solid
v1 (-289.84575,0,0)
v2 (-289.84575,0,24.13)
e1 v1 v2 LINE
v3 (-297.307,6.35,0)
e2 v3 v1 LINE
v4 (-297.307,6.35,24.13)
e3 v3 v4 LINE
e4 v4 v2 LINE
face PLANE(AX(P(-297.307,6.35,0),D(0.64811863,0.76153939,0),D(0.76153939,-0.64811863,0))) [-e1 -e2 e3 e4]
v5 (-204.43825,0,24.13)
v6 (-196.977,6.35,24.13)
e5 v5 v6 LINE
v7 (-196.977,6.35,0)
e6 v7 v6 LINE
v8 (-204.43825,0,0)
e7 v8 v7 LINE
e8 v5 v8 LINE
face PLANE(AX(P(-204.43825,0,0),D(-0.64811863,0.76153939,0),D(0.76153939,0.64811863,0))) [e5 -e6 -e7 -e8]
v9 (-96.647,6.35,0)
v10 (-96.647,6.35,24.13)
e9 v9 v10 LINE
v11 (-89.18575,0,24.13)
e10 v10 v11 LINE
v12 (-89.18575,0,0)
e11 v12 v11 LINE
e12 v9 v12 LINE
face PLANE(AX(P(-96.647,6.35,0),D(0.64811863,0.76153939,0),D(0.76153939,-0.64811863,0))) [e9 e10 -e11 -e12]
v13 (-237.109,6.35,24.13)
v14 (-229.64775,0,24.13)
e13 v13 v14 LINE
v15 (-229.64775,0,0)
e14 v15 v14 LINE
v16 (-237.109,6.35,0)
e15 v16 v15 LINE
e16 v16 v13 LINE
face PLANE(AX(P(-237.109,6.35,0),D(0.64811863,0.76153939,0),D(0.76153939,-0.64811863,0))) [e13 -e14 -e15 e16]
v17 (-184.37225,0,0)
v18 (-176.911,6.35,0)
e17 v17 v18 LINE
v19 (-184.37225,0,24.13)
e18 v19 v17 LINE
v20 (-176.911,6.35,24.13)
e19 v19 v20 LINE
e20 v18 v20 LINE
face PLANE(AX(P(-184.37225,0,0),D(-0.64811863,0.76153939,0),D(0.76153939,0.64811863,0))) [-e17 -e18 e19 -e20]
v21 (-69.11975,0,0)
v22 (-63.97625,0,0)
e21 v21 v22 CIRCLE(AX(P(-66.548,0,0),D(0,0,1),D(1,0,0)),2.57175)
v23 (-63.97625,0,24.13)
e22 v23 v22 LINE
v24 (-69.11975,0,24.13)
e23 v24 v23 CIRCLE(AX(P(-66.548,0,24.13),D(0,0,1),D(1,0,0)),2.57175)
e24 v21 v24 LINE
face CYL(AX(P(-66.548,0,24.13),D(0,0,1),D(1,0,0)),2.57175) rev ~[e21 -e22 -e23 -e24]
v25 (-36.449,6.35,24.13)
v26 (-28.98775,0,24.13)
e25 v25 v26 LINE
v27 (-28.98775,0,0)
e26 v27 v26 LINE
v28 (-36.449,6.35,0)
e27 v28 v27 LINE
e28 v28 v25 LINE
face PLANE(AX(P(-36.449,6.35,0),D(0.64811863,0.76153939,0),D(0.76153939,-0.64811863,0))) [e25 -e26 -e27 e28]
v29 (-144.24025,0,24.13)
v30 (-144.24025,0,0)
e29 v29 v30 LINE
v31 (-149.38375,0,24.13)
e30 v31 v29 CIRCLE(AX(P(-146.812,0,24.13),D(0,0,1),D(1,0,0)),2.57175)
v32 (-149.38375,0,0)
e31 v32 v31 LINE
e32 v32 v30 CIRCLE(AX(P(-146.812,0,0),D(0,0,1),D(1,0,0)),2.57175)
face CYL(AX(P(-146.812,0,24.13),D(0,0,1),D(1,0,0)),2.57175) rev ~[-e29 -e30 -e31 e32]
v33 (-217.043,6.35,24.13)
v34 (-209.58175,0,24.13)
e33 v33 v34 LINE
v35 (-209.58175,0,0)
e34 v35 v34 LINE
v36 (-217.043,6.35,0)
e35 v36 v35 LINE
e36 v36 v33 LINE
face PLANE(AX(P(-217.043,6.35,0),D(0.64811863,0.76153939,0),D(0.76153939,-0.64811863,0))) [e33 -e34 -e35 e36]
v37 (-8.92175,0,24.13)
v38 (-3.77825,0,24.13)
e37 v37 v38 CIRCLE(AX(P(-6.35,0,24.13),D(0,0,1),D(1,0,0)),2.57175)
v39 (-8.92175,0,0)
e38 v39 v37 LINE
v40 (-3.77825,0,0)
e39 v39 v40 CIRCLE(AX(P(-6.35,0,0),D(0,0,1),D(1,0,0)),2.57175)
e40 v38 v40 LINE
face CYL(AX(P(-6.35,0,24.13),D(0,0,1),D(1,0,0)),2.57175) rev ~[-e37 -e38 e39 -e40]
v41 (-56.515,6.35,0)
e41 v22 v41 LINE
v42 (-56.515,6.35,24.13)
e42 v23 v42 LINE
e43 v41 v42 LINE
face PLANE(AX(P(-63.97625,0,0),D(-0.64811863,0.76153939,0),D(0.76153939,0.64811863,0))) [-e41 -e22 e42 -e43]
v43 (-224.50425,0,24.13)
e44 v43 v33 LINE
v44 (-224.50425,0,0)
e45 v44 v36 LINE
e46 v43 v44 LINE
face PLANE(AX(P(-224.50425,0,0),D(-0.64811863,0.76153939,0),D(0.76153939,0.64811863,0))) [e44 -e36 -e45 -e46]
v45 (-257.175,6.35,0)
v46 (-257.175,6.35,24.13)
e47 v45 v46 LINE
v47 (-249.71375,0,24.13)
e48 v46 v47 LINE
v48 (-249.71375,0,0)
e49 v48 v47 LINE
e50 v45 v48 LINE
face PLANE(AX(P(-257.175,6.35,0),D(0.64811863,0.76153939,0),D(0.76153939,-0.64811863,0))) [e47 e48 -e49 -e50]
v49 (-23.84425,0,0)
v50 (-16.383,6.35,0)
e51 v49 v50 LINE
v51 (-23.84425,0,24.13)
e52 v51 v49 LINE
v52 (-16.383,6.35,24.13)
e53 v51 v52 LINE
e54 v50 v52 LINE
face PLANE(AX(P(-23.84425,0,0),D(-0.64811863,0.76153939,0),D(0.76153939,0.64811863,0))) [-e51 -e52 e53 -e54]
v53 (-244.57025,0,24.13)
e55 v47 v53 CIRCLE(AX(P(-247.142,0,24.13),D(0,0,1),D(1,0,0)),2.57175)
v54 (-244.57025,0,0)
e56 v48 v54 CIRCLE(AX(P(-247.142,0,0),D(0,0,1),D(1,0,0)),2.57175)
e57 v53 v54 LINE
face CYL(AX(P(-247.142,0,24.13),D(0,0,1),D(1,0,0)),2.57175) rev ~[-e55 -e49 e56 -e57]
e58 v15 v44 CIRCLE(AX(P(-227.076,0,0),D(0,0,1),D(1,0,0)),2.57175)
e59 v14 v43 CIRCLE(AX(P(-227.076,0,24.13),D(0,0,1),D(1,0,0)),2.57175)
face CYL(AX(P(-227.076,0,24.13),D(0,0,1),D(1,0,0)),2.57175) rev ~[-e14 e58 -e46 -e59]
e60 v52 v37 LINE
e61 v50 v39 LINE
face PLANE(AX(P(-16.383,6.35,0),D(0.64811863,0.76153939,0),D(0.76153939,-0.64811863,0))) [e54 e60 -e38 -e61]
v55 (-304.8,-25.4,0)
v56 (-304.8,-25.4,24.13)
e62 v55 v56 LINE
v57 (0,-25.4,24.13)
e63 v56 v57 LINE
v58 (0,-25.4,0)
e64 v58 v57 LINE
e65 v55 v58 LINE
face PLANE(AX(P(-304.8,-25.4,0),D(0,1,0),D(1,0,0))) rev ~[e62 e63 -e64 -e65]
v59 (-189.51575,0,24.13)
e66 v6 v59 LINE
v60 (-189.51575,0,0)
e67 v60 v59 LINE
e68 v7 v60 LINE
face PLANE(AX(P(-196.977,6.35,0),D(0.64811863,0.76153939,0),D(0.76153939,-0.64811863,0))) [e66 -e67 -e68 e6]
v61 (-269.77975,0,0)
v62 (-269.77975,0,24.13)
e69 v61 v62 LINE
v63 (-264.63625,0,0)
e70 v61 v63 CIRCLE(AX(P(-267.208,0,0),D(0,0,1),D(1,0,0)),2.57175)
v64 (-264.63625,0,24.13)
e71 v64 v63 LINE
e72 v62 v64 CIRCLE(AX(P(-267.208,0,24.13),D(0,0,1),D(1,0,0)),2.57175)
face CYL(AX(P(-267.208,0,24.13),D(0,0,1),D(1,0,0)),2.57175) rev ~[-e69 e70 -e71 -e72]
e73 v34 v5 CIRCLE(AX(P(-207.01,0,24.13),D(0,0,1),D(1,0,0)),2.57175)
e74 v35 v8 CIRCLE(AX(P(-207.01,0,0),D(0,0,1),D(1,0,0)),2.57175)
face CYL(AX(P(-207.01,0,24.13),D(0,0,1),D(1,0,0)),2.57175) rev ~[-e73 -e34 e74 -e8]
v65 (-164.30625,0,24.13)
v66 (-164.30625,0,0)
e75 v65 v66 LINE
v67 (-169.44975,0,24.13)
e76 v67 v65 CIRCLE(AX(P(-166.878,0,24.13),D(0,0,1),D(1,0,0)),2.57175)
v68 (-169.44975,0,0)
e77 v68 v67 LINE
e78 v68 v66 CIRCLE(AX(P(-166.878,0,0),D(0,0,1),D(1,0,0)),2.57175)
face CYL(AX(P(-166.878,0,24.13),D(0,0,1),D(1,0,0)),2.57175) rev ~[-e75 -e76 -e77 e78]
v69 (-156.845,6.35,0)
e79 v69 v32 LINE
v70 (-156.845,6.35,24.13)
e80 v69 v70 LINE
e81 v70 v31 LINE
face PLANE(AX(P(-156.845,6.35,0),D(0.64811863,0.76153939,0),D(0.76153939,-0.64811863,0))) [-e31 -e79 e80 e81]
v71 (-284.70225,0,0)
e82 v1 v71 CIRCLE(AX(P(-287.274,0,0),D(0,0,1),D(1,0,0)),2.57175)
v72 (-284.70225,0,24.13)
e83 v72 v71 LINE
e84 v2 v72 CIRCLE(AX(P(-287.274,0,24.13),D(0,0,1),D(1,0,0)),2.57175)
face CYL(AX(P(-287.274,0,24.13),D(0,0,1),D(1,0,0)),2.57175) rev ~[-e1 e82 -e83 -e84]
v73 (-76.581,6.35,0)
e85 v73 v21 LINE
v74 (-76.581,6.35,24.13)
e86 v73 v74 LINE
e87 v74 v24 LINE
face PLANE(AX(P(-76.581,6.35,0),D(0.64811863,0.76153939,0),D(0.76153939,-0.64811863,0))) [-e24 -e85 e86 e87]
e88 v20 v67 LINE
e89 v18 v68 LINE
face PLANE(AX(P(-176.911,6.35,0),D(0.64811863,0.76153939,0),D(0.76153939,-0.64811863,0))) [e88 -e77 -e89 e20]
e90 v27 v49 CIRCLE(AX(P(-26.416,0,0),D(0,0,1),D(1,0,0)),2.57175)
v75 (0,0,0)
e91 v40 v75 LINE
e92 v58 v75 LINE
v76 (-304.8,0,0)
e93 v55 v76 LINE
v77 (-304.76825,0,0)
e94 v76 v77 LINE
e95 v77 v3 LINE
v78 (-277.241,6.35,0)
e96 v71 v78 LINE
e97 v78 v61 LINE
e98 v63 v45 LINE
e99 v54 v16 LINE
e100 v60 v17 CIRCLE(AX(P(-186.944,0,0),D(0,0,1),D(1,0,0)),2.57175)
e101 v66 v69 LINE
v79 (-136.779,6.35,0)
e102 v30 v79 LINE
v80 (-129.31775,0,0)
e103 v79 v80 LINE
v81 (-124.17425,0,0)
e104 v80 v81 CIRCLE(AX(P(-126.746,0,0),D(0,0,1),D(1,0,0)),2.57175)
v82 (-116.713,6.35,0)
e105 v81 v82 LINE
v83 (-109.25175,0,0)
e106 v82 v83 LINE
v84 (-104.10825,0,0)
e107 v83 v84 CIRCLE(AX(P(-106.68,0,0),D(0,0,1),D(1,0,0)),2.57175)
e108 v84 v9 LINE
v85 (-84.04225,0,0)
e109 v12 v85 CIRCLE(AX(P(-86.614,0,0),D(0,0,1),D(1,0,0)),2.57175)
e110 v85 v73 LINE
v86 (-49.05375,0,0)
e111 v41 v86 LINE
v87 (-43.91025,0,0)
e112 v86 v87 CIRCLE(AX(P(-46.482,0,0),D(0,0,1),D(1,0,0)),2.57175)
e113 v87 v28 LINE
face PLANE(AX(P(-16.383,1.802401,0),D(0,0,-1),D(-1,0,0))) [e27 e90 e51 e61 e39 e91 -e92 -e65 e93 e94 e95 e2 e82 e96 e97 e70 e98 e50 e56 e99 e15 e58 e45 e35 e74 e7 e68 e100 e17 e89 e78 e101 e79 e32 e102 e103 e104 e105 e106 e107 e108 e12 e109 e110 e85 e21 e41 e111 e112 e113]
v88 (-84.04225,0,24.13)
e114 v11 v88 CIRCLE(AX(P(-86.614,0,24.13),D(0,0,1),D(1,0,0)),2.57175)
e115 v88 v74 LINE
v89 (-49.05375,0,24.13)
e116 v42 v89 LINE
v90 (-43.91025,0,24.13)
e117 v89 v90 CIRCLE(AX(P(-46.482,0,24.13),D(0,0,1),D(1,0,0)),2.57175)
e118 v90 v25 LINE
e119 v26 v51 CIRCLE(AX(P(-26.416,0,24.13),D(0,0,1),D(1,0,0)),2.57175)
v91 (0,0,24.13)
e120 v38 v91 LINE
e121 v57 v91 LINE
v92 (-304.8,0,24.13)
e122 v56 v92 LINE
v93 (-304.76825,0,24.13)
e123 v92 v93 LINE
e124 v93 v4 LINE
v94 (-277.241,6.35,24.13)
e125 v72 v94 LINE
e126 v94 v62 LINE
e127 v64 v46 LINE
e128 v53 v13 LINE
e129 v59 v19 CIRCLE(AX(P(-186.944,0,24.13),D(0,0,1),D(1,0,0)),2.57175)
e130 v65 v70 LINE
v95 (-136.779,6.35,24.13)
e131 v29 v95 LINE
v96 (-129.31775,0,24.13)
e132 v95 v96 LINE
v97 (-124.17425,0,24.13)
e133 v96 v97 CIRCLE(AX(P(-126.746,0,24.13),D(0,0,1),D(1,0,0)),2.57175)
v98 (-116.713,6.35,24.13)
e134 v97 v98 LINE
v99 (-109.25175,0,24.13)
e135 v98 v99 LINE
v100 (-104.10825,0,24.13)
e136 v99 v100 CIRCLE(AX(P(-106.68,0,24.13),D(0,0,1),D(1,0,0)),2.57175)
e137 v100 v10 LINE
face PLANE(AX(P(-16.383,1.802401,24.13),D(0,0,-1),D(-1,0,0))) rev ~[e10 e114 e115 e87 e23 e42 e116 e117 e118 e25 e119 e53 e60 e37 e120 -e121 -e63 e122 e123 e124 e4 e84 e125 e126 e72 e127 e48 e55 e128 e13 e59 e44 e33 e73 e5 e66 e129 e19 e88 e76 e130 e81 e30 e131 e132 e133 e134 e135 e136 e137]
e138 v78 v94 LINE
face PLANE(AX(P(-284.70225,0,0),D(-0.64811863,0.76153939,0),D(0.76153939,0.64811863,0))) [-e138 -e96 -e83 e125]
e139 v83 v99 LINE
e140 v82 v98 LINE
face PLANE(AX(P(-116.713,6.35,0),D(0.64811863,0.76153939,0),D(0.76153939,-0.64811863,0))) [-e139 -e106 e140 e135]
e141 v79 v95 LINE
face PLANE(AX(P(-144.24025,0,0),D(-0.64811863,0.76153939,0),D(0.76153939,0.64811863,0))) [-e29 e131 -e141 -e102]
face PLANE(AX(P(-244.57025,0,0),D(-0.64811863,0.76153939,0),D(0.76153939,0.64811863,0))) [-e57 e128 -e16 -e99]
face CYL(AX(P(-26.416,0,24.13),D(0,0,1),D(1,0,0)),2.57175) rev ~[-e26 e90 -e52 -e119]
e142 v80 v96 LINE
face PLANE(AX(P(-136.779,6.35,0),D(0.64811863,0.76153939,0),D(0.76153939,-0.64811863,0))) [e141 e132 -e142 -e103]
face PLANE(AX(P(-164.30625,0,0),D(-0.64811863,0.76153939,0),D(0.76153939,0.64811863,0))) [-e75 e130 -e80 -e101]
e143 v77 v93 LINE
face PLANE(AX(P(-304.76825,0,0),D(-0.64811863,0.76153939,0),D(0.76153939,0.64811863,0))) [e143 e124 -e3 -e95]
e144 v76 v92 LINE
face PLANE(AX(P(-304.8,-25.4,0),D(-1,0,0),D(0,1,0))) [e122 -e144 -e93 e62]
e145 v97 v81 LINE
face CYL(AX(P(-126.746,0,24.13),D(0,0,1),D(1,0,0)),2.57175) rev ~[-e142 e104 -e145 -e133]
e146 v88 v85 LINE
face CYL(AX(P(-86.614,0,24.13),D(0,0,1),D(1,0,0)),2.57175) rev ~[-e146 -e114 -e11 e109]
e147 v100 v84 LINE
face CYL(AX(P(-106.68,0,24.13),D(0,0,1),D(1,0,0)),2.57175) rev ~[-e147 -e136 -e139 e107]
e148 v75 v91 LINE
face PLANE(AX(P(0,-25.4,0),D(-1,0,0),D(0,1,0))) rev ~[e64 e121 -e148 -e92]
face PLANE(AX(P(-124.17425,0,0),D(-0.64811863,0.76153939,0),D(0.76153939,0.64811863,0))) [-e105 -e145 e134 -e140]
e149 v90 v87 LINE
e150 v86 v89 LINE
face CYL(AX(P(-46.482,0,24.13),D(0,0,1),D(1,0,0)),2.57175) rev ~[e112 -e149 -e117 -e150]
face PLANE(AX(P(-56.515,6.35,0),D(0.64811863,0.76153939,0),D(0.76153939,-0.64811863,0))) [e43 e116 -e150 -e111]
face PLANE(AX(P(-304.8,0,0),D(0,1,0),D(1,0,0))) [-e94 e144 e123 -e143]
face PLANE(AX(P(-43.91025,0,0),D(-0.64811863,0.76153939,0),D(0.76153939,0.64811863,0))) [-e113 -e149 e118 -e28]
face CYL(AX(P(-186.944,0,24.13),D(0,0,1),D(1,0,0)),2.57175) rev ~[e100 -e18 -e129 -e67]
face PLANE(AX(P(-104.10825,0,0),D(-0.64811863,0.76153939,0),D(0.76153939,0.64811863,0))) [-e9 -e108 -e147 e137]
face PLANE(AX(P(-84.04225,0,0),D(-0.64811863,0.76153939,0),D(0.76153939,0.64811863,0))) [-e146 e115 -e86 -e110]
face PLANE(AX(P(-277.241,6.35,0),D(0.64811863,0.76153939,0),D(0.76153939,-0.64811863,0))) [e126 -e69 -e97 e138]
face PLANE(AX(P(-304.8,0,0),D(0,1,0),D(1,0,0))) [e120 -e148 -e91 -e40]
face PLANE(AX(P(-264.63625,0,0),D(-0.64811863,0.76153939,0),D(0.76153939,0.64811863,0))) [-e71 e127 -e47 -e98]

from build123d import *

# Parameters (mm, degrees)
SKETCH1_W           = 304.8
SKETCH1_H           = 25.4
BOSS_EXTRUDE1_DEPTH = 24.13
SKETCH3_R           = 2.57175
CUT_EXTRUDE1_DEPTH  = 39.624
BOSS_EXTRUDE2_DEPTH = 24.13


with BuildPart() as part:
    # Sketch1 → Boss-Extrude1 (new body)
    with BuildSketch(Plane.XY):
        with Locations((-152.4, -12.7)):
            Rectangle(SKETCH1_W, SKETCH1_H)
    extrude(amount=BOSS_EXTRUDE1_DEPTH)

    # Sketch3 → Cut-Extrude1 (cut)
    with BuildSketch(Plane.XY.offset(24.13)):
        with Locations((-26.416, 0)):
            Circle(SKETCH3_R)
        with Locations((-46.482, 0)):
            Circle(SKETCH3_R)
        with Locations((-66.548, 0)):
            Circle(SKETCH3_R)
        with Locations((-86.614, 0)):
            Circle(SKETCH3_R)
        with Locations((-106.68, 0)):
            Circle(SKETCH3_R)
        with Locations((-126.746, 0)):
            Circle(SKETCH3_R)
        with Locations((-146.812, 0)):
            Circle(SKETCH3_R)
        with Locations((-166.878, 0)):
            Circle(SKETCH3_R)
        with Locations((-186.944, 0)):
            Circle(SKETCH3_R)
        with Locations((-6.35, 0)):
            Circle(SKETCH3_R)
        with Locations((-207.01, 0)):
            Circle(SKETCH3_R)
        with Locations((-227.076, 0)):
            Circle(SKETCH3_R)
        with Locations((-247.142, 0)):
            Circle(SKETCH3_R)
        with Locations((-267.208, 0)):
            Circle(SKETCH3_R)
        with Locations((-287.274, 0)):
            Circle(SKETCH3_R)
    extrude(amount=-CUT_EXTRUDE1_DEPTH, mode=Mode.SUBTRACT)

    # Sketch4 → Boss-Extrude2 (add)
    with BuildSketch(Plane(origin=(0, 0, 0), x_dir=(-1, 0, 0), z_dir=(0, 0, -1))):
        Polygon((16.383, 6.35), (8.92175, 0), (23.84425, 0), align=None)
        Polygon((36.449, 6.35), (28.98775, 0), (43.91025, 0), align=None)
        Polygon((63.97625, 0), (56.515, 6.35), (49.05375, 0), align=None)
        Polygon((84.04225, 0), (76.581, 6.35), (69.11975, 0), align=None)
        Polygon((104.10825, 0), (96.647, 6.35), (89.18575, 0), align=None)
        Polygon((124.17425, 0), (116.713, 6.35), (109.25175, 0), align=None)
        Polygon((144.24025, 0), (136.779, 6.35), (129.31775, 0), align=None)
        Polygon((164.30625, 0), (156.845, 6.35), (149.38375, 0), align=None)
        Polygon((184.37225, 0), (176.911, 6.35), (169.44975, 0), align=None)
        Polygon((204.43825, 0), (196.977, 6.35), (189.51575, 0), align=None)
        Polygon((224.50425, 0), (217.043, 6.35), (209.58175, 0), align=None)
        Polygon((244.57025, 0), (237.109, 6.35), (229.64775, 0), align=None)
        Polygon((264.63625, 0), (257.175, 6.35), (249.71375, 0), align=None)
        Polygon((284.70225, 0), (277.241, 6.35), (269.77975, 0), align=None)
        Polygon((304.76825, 0), (297.307, 6.35), (289.84575, 0), align=None)
    extrude(amount=-BOSS_EXTRUDE2_DEPTH)


solid = part.part
